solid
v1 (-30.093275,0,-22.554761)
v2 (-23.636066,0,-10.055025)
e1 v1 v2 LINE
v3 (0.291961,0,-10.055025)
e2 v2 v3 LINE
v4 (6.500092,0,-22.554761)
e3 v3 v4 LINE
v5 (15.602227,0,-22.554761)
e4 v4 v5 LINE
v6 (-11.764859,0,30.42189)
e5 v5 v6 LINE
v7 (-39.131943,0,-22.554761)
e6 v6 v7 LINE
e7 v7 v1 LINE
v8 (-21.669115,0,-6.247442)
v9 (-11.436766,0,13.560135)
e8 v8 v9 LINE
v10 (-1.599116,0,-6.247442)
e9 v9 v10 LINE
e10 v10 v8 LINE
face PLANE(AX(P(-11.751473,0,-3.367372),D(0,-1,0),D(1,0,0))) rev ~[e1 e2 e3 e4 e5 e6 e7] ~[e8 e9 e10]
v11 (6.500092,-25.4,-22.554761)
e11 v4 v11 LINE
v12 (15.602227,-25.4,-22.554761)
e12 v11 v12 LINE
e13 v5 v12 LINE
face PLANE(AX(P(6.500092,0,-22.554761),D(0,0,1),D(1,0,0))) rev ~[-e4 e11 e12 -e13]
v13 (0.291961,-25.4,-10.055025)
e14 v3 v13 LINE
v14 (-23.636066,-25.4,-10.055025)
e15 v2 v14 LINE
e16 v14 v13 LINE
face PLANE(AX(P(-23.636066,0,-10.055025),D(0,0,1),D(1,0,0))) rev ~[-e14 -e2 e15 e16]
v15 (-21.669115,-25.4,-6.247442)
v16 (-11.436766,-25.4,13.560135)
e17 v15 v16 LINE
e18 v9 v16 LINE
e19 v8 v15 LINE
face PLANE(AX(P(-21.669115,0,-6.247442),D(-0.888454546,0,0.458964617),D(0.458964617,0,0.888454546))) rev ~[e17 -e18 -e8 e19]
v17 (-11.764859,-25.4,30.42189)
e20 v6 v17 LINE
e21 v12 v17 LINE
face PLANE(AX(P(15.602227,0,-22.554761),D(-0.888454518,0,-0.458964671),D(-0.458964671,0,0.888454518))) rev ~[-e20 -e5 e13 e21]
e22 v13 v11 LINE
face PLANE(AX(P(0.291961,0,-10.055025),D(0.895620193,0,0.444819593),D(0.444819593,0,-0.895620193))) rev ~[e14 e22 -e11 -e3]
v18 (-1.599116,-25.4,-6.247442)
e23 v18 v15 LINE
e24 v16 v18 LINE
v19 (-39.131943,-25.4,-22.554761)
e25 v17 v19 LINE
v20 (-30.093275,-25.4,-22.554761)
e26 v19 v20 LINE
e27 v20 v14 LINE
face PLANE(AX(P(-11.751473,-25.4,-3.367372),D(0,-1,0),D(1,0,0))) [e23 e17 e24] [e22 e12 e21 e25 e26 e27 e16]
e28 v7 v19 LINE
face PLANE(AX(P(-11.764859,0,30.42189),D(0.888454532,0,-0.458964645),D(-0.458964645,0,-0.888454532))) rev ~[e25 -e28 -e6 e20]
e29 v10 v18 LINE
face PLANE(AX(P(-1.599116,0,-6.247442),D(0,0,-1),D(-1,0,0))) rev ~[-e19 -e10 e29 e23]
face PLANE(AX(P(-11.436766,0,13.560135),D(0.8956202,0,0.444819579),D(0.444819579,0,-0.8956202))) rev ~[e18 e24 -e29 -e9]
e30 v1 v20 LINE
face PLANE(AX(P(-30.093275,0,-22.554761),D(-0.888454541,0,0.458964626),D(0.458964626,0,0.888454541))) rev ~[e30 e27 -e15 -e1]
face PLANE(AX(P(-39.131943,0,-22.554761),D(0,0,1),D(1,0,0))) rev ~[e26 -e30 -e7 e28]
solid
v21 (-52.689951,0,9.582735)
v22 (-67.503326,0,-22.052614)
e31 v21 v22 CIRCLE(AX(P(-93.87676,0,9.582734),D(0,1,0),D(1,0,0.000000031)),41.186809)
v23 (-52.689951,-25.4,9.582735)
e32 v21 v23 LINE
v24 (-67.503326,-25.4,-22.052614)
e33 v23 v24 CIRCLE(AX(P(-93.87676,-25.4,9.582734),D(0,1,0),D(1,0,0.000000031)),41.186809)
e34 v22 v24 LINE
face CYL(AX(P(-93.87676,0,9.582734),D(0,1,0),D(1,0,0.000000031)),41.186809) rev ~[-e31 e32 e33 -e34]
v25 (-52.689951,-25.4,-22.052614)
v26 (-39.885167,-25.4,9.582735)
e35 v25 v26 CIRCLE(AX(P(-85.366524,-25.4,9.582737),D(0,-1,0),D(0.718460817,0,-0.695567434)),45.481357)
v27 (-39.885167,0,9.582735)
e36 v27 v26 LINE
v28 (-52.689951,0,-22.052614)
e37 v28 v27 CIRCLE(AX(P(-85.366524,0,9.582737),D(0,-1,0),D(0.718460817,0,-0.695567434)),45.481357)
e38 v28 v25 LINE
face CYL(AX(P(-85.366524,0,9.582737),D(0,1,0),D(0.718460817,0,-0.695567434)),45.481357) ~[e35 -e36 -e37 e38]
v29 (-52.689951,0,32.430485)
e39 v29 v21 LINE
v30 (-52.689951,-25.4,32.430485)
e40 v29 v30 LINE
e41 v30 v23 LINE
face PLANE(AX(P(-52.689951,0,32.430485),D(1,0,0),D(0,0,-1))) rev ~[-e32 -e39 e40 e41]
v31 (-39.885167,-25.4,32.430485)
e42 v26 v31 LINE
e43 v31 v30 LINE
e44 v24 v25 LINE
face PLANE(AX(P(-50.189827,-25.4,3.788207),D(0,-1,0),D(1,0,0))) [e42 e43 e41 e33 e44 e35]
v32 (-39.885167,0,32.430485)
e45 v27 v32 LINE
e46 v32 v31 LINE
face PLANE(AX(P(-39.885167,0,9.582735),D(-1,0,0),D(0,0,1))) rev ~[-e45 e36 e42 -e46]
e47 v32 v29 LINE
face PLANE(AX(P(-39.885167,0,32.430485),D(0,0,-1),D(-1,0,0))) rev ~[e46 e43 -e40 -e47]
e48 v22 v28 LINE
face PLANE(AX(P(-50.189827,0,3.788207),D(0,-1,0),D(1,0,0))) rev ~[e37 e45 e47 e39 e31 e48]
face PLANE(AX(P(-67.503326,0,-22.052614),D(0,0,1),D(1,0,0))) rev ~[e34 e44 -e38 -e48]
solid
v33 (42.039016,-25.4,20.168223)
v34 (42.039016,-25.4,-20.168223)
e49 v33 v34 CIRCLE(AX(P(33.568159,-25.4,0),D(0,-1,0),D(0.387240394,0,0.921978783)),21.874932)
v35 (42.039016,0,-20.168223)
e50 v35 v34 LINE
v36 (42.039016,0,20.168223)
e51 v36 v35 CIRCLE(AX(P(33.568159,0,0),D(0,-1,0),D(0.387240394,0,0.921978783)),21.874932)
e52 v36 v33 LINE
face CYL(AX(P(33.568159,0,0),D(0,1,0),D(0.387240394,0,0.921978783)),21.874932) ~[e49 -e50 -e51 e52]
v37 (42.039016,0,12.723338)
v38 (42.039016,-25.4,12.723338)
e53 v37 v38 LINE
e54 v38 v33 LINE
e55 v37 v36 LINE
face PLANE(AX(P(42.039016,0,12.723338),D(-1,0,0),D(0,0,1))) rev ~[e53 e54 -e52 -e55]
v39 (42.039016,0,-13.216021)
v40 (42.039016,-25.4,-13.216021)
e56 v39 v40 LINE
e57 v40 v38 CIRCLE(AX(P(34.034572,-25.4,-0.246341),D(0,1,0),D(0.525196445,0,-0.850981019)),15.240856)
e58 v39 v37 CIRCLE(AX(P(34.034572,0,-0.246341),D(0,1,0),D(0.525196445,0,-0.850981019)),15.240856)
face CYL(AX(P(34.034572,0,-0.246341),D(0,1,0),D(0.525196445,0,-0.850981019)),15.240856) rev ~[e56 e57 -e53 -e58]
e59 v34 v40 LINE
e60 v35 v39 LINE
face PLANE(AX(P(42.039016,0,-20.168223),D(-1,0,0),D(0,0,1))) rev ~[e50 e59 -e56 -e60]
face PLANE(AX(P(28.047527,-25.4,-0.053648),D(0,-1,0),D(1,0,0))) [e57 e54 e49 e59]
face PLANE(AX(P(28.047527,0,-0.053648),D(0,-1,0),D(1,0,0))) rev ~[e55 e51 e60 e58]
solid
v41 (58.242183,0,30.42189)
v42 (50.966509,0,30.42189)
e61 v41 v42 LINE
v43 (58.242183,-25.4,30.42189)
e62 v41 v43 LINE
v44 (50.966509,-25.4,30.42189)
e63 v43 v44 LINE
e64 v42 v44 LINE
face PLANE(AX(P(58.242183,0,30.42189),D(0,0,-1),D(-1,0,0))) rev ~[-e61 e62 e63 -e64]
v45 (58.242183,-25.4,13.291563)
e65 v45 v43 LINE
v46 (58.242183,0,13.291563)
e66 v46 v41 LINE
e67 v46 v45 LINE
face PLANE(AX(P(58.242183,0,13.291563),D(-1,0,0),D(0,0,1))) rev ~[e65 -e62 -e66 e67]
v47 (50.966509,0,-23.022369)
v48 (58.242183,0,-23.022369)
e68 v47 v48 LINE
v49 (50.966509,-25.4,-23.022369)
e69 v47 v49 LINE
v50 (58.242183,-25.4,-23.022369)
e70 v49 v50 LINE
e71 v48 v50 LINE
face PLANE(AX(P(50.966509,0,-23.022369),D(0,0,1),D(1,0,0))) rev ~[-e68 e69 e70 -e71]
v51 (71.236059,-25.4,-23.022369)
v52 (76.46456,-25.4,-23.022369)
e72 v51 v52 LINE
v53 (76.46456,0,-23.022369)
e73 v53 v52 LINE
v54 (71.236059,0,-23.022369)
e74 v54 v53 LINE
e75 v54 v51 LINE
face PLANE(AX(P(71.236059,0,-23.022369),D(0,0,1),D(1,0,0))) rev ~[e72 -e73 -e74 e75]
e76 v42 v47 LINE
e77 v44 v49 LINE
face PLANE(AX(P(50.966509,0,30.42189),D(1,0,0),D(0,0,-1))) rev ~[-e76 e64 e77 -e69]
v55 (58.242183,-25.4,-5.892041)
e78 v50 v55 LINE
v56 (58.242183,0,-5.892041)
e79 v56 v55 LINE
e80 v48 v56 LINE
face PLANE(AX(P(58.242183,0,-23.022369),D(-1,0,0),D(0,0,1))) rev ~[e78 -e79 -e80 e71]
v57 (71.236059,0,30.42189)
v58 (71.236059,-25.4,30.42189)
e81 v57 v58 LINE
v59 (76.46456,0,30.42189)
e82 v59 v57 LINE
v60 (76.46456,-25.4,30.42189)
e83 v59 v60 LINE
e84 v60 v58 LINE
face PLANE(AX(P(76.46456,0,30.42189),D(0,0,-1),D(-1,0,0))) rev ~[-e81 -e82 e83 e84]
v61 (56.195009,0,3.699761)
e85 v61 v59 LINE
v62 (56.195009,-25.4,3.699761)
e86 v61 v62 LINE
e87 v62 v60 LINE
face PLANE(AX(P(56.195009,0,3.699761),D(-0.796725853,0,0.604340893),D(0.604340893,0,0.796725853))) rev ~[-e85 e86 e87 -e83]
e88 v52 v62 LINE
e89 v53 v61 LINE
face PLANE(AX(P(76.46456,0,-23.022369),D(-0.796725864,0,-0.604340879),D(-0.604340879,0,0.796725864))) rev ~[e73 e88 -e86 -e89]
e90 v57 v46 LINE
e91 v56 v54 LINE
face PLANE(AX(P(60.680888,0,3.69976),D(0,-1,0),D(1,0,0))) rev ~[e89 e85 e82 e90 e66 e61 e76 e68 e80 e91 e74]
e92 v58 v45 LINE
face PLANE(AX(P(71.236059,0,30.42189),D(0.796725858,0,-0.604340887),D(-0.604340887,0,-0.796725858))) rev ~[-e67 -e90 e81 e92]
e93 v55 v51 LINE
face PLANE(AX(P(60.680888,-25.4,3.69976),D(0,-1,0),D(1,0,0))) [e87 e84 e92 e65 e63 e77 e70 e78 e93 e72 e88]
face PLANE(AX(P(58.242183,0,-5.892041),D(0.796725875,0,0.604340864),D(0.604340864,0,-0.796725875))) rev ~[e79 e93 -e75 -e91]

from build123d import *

# Parameters (mm, degrees)
F1_DEPTH = 25.4


with BuildPart() as f1:
    # F0 (on Front) → F1 (new body)
    with BuildSketch(Plane.XZ):
        with BuildLine():
            Line((-39.885167, 32.430485), (-52.689951, 32.430485))
            Line((-52.689951, 32.430485), (-52.689951, 9.582735))
            ThreePointArc((-52.689951, 9.582735), (-56.576687, -7.88317), (-67.503326, -22.052614))
            Line((-67.503326, -22.052614), (-52.689951, -22.052614))
            ThreePointArc((-52.689951, -22.052614), (-43.207725, -7.481539), (-39.885167, 9.582735))
            Line((-39.885167, 9.582735), (-39.885167, 32.430485))
        make_face()
        Polygon((-11.764859, 30.42189), (-39.131943, -22.554761), (-30.093275, -22.554761), (-23.636066, -10.055025), (0, -10.055025), (0.291961, -10.055025), (6.500092, -22.554761), (15.602227, -22.554761), align=None)
        Polygon((-21.669115, -6.247442), (-11.436766, 13.560135), (-1.599116, -6.247442), align=None, mode=Mode.SUBTRACT)
        with BuildLine():
            Line((42.039016, 12.723338), (42.039016, 20.168223))
            ThreePointArc((42.039016, 20.168223), (11.693227, 0), (42.039016, -20.168223))
            Line((42.039016, -20.168223), (42.039016, -13.216021))
            ThreePointArc((42.039016, -13.216021), (18.793716, -0.246342), (42.039016, 12.723338))
        make_face()
        Polygon((58.242183, 30.42189), (50.966509, 30.42189), (50.966509, -23.022369), (58.242183, -23.022369), (58.242183, -5.892041), (71.236059, -23.022369), (76.46456, -23.022369), (56.195009, 3.699761), (76.46456, 30.42189), (71.236059, 30.42189), (58.242183, 13.291563), align=None)
    extrude(amount=F1_DEPTH)


solid = f1.part
